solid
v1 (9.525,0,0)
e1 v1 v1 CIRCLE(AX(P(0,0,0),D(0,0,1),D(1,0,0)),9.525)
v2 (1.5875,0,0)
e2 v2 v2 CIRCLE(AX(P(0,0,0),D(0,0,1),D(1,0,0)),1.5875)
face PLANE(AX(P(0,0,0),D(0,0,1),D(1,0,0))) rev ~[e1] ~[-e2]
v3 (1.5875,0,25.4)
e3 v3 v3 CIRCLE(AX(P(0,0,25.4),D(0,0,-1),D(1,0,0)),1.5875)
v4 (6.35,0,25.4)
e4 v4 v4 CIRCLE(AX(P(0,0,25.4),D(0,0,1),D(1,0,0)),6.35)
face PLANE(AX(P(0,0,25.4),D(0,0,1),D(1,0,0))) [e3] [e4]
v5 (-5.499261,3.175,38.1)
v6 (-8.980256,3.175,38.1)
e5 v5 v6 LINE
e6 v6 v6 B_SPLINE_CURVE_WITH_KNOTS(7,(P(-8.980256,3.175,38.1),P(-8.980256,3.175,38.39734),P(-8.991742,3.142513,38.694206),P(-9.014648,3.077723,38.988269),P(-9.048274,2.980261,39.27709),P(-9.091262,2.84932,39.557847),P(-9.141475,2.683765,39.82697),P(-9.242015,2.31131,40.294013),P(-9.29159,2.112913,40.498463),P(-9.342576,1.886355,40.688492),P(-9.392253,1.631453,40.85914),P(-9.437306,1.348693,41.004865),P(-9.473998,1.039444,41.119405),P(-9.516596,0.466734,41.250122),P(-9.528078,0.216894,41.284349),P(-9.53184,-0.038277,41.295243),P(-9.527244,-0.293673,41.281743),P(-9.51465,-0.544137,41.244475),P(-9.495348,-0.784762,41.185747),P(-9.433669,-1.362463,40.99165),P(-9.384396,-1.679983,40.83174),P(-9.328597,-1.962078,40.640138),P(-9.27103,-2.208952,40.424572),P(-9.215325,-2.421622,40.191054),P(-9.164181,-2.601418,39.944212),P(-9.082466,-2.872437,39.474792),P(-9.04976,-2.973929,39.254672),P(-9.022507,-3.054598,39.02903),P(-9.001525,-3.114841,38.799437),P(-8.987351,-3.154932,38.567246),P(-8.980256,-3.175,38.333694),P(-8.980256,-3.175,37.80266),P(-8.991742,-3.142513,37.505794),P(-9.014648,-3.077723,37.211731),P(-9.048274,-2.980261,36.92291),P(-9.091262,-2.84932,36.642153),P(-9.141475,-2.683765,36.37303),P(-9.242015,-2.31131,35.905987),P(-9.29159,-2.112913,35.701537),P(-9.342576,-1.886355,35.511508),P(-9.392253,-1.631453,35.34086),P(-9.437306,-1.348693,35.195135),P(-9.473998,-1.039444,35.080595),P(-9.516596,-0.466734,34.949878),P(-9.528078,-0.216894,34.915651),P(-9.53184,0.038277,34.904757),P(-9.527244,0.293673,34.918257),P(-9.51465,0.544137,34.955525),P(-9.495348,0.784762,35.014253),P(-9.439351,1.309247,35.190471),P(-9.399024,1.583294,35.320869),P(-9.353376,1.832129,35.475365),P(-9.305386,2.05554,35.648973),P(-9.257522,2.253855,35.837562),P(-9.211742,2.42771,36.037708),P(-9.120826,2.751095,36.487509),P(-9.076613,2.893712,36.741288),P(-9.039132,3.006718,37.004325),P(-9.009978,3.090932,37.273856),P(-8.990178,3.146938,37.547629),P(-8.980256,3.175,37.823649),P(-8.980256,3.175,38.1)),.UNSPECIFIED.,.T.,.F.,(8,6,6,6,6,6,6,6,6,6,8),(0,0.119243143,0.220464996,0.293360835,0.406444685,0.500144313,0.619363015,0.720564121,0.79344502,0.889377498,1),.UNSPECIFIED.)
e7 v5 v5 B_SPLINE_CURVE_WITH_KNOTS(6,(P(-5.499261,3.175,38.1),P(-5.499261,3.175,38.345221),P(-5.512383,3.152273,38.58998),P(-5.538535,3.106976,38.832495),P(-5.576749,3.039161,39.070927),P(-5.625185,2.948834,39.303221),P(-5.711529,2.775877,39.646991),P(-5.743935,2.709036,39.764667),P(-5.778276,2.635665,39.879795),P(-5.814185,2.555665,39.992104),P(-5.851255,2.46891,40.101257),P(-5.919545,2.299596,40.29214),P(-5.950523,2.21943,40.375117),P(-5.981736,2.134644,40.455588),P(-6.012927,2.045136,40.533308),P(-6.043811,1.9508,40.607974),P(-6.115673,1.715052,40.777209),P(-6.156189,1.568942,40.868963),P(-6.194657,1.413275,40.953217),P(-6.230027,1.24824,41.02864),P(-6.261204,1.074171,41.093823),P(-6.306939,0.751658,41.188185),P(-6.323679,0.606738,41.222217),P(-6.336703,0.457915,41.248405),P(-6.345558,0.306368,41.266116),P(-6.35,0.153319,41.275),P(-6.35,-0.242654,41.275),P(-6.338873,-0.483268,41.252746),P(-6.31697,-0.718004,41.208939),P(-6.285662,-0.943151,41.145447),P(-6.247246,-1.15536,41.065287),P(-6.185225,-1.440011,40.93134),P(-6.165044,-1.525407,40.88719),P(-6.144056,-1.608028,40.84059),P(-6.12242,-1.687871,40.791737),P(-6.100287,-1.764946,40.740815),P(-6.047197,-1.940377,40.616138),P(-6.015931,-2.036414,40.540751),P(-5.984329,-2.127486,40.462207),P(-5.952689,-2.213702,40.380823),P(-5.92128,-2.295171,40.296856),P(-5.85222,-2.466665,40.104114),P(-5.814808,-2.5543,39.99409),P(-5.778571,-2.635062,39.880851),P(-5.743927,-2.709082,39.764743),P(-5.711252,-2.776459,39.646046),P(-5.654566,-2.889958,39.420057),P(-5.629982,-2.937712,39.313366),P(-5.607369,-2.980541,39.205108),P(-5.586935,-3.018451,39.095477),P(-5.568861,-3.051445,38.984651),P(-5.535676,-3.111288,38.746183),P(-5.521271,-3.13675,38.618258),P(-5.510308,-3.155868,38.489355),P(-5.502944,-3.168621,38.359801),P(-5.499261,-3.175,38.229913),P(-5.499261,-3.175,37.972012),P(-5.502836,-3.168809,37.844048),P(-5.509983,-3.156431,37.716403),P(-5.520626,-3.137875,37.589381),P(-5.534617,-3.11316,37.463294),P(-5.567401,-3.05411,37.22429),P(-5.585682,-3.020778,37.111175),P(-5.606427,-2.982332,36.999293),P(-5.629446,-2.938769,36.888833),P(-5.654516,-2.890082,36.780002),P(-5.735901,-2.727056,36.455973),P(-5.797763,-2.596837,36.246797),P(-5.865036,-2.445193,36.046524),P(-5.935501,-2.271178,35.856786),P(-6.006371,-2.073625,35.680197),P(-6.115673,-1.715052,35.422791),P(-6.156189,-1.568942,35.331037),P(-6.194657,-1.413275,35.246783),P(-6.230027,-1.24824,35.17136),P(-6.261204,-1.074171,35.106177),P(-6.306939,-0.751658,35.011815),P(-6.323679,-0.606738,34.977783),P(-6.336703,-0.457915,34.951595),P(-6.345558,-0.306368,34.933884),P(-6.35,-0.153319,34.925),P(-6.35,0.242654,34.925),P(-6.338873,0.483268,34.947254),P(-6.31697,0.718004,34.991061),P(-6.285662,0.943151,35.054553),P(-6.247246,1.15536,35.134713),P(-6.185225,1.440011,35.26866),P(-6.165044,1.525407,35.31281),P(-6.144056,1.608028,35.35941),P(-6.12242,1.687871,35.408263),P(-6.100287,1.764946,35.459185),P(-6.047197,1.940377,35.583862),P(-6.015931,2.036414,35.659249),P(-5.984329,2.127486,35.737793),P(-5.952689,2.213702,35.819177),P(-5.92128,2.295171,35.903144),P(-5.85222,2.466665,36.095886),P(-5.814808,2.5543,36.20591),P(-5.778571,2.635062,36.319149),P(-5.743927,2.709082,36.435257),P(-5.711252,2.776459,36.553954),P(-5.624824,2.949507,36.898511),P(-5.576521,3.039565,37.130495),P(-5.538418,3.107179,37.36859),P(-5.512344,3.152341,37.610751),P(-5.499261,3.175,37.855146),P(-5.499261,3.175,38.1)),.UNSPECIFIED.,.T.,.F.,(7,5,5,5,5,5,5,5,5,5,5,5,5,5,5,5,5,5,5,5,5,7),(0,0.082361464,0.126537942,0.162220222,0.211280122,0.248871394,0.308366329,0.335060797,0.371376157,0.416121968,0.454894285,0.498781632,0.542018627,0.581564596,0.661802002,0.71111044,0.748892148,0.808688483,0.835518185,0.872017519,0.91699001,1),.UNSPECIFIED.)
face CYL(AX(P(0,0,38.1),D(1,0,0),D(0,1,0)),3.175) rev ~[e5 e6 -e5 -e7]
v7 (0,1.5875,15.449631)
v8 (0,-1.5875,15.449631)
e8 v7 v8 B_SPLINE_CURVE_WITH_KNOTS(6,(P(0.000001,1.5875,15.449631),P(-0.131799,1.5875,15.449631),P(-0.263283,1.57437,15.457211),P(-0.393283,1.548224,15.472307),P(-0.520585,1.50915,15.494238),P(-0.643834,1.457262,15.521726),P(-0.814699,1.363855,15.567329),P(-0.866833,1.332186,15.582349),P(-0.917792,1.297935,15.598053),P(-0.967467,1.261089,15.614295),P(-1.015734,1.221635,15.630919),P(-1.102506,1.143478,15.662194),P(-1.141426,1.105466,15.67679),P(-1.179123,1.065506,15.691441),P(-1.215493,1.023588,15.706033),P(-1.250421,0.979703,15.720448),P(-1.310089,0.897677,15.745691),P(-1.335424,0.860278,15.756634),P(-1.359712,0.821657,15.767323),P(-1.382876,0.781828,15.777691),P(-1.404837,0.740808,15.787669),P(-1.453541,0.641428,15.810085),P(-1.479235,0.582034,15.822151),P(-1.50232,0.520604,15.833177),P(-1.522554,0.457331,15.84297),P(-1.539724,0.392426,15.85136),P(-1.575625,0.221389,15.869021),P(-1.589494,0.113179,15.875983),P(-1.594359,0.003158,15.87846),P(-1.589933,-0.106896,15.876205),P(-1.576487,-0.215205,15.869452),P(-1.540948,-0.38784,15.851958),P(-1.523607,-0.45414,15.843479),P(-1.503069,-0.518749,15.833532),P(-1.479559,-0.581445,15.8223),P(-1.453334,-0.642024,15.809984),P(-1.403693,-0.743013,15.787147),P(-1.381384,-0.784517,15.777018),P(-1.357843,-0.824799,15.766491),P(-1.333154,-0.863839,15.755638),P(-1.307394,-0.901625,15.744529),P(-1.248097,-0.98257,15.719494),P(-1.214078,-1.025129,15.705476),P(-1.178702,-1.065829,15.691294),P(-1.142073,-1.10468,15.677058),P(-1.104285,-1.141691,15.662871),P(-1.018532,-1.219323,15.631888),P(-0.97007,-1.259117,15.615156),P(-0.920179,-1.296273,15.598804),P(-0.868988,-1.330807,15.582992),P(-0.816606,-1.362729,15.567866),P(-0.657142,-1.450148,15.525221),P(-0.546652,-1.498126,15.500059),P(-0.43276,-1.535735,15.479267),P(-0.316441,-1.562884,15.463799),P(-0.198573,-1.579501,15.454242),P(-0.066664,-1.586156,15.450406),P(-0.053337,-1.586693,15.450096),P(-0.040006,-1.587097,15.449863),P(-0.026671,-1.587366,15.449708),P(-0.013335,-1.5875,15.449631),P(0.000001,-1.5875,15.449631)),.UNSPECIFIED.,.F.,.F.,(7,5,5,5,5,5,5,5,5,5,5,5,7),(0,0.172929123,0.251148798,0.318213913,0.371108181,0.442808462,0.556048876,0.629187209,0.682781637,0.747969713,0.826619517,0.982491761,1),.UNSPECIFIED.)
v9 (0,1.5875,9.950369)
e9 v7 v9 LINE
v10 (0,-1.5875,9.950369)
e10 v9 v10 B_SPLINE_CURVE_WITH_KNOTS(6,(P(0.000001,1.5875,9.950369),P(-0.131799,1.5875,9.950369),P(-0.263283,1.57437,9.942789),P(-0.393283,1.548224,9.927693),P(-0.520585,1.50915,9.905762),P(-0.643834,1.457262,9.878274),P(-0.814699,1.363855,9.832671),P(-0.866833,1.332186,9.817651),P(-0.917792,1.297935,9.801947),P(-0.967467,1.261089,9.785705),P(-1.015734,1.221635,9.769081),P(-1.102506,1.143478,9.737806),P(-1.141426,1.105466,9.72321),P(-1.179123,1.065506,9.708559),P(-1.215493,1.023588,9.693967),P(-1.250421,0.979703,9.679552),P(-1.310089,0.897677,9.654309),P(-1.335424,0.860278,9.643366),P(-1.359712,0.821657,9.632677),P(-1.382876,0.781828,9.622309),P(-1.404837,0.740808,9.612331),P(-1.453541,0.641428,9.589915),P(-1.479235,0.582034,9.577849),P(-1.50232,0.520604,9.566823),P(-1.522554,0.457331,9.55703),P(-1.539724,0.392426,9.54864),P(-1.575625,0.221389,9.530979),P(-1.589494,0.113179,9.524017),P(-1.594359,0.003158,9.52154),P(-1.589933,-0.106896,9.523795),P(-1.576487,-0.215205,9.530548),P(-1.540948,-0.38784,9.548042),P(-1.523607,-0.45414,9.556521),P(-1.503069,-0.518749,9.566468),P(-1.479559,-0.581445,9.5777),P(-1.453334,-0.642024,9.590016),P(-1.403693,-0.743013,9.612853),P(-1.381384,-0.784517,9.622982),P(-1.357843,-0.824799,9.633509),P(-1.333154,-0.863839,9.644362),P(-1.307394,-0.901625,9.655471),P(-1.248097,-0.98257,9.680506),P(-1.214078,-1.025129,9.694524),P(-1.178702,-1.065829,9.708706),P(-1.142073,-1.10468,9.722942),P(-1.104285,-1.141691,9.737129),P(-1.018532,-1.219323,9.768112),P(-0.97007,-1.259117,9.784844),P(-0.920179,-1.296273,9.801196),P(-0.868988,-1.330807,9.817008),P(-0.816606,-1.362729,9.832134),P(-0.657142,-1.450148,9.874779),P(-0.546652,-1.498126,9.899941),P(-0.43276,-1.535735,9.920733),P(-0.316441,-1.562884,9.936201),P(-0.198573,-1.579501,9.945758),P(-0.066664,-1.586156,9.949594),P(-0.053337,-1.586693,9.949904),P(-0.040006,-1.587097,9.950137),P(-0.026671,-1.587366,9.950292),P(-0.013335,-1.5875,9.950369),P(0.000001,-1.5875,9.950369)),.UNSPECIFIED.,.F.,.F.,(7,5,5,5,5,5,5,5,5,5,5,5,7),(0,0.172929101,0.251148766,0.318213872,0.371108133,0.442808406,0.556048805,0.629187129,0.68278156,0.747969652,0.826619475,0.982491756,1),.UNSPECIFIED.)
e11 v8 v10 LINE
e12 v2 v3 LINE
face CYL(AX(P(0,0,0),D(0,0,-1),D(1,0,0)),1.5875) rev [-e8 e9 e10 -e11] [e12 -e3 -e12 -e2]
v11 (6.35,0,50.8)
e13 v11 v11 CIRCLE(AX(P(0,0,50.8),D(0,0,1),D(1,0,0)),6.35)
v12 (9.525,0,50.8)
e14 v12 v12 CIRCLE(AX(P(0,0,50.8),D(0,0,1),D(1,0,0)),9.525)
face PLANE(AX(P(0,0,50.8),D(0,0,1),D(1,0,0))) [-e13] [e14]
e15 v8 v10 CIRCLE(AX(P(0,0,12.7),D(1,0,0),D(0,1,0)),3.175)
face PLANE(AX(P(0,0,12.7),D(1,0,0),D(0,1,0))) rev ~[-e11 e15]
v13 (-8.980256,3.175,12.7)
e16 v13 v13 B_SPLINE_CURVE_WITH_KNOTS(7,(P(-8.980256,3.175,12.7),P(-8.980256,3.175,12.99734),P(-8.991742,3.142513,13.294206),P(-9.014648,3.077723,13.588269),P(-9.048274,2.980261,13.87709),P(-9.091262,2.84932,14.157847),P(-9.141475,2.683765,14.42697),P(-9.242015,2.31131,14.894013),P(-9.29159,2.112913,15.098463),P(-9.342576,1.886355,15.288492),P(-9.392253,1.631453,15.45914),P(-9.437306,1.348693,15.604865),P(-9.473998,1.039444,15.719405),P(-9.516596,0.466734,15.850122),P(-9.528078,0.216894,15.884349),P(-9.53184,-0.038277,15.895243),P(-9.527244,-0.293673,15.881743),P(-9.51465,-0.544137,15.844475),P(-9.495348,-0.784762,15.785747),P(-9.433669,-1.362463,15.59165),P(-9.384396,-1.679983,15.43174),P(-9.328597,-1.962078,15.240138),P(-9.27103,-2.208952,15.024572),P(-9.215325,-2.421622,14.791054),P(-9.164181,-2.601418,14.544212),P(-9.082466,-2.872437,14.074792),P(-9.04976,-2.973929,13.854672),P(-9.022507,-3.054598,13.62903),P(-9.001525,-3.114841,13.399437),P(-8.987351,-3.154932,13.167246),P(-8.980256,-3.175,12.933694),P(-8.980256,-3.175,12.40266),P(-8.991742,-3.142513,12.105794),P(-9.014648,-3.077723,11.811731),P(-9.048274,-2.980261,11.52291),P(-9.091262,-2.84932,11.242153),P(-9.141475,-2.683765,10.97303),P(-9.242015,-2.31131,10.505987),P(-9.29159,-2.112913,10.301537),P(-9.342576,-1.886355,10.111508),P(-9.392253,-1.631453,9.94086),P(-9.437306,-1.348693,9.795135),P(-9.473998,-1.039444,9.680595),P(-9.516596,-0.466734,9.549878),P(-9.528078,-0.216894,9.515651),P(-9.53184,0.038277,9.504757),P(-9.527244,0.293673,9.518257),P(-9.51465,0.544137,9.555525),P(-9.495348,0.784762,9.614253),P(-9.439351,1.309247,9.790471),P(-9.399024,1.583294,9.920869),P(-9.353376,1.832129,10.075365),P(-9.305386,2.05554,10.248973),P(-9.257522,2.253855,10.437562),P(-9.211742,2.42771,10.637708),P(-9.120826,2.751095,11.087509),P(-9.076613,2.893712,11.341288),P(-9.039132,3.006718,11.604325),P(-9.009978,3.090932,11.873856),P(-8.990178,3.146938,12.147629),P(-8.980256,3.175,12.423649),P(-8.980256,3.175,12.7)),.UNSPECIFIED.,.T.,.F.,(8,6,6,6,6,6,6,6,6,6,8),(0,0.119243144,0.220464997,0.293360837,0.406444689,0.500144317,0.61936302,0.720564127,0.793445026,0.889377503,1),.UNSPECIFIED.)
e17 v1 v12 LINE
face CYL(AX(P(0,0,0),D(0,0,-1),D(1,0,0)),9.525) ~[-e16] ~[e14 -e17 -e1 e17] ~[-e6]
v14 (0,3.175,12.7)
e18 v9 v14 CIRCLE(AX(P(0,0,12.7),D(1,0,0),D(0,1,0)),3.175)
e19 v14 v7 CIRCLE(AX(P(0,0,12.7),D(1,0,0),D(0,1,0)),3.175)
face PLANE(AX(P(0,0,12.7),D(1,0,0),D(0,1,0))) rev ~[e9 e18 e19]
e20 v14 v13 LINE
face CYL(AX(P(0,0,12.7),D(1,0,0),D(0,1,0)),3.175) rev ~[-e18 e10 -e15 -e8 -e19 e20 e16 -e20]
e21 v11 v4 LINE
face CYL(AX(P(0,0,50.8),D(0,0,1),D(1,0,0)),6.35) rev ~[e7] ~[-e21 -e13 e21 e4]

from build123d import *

# Parameters (mm, degrees)
F0_R     = 9.525
F0_R_2   = 1.5875
F1_DEPTH = 50.8
F2_R     = 6.35
F3_DEPTH = 25.4
F4_R     = 3.175
F5_DEPTH = 9.526


with BuildPart() as f1:
    # F0 (on Top) → F1 (new body)
    with BuildSketch(Plane.XY):
        Circle(F0_R)
        Circle(F0_R_2, mode=Mode.SUBTRACT)
    extrude(amount=F1_DEPTH)

    # F2 (on face) → F3 (cut)
    with BuildSketch(Plane.XY.offset(50.8)):
        Circle(F2_R)
    extrude(amount=-F3_DEPTH, mode=Mode.SUBTRACT)

    # F4 (on Right) → F5 (cut, through all)
    with BuildSketch(Plane.YZ):
        with Locations((0, 12.7)):
            Circle(F4_R)
        with Locations((0, 38.1)):
            Circle(F4_R)
    extrude(amount=-F5_DEPTH, mode=Mode.SUBTRACT)


solid = f1.part
